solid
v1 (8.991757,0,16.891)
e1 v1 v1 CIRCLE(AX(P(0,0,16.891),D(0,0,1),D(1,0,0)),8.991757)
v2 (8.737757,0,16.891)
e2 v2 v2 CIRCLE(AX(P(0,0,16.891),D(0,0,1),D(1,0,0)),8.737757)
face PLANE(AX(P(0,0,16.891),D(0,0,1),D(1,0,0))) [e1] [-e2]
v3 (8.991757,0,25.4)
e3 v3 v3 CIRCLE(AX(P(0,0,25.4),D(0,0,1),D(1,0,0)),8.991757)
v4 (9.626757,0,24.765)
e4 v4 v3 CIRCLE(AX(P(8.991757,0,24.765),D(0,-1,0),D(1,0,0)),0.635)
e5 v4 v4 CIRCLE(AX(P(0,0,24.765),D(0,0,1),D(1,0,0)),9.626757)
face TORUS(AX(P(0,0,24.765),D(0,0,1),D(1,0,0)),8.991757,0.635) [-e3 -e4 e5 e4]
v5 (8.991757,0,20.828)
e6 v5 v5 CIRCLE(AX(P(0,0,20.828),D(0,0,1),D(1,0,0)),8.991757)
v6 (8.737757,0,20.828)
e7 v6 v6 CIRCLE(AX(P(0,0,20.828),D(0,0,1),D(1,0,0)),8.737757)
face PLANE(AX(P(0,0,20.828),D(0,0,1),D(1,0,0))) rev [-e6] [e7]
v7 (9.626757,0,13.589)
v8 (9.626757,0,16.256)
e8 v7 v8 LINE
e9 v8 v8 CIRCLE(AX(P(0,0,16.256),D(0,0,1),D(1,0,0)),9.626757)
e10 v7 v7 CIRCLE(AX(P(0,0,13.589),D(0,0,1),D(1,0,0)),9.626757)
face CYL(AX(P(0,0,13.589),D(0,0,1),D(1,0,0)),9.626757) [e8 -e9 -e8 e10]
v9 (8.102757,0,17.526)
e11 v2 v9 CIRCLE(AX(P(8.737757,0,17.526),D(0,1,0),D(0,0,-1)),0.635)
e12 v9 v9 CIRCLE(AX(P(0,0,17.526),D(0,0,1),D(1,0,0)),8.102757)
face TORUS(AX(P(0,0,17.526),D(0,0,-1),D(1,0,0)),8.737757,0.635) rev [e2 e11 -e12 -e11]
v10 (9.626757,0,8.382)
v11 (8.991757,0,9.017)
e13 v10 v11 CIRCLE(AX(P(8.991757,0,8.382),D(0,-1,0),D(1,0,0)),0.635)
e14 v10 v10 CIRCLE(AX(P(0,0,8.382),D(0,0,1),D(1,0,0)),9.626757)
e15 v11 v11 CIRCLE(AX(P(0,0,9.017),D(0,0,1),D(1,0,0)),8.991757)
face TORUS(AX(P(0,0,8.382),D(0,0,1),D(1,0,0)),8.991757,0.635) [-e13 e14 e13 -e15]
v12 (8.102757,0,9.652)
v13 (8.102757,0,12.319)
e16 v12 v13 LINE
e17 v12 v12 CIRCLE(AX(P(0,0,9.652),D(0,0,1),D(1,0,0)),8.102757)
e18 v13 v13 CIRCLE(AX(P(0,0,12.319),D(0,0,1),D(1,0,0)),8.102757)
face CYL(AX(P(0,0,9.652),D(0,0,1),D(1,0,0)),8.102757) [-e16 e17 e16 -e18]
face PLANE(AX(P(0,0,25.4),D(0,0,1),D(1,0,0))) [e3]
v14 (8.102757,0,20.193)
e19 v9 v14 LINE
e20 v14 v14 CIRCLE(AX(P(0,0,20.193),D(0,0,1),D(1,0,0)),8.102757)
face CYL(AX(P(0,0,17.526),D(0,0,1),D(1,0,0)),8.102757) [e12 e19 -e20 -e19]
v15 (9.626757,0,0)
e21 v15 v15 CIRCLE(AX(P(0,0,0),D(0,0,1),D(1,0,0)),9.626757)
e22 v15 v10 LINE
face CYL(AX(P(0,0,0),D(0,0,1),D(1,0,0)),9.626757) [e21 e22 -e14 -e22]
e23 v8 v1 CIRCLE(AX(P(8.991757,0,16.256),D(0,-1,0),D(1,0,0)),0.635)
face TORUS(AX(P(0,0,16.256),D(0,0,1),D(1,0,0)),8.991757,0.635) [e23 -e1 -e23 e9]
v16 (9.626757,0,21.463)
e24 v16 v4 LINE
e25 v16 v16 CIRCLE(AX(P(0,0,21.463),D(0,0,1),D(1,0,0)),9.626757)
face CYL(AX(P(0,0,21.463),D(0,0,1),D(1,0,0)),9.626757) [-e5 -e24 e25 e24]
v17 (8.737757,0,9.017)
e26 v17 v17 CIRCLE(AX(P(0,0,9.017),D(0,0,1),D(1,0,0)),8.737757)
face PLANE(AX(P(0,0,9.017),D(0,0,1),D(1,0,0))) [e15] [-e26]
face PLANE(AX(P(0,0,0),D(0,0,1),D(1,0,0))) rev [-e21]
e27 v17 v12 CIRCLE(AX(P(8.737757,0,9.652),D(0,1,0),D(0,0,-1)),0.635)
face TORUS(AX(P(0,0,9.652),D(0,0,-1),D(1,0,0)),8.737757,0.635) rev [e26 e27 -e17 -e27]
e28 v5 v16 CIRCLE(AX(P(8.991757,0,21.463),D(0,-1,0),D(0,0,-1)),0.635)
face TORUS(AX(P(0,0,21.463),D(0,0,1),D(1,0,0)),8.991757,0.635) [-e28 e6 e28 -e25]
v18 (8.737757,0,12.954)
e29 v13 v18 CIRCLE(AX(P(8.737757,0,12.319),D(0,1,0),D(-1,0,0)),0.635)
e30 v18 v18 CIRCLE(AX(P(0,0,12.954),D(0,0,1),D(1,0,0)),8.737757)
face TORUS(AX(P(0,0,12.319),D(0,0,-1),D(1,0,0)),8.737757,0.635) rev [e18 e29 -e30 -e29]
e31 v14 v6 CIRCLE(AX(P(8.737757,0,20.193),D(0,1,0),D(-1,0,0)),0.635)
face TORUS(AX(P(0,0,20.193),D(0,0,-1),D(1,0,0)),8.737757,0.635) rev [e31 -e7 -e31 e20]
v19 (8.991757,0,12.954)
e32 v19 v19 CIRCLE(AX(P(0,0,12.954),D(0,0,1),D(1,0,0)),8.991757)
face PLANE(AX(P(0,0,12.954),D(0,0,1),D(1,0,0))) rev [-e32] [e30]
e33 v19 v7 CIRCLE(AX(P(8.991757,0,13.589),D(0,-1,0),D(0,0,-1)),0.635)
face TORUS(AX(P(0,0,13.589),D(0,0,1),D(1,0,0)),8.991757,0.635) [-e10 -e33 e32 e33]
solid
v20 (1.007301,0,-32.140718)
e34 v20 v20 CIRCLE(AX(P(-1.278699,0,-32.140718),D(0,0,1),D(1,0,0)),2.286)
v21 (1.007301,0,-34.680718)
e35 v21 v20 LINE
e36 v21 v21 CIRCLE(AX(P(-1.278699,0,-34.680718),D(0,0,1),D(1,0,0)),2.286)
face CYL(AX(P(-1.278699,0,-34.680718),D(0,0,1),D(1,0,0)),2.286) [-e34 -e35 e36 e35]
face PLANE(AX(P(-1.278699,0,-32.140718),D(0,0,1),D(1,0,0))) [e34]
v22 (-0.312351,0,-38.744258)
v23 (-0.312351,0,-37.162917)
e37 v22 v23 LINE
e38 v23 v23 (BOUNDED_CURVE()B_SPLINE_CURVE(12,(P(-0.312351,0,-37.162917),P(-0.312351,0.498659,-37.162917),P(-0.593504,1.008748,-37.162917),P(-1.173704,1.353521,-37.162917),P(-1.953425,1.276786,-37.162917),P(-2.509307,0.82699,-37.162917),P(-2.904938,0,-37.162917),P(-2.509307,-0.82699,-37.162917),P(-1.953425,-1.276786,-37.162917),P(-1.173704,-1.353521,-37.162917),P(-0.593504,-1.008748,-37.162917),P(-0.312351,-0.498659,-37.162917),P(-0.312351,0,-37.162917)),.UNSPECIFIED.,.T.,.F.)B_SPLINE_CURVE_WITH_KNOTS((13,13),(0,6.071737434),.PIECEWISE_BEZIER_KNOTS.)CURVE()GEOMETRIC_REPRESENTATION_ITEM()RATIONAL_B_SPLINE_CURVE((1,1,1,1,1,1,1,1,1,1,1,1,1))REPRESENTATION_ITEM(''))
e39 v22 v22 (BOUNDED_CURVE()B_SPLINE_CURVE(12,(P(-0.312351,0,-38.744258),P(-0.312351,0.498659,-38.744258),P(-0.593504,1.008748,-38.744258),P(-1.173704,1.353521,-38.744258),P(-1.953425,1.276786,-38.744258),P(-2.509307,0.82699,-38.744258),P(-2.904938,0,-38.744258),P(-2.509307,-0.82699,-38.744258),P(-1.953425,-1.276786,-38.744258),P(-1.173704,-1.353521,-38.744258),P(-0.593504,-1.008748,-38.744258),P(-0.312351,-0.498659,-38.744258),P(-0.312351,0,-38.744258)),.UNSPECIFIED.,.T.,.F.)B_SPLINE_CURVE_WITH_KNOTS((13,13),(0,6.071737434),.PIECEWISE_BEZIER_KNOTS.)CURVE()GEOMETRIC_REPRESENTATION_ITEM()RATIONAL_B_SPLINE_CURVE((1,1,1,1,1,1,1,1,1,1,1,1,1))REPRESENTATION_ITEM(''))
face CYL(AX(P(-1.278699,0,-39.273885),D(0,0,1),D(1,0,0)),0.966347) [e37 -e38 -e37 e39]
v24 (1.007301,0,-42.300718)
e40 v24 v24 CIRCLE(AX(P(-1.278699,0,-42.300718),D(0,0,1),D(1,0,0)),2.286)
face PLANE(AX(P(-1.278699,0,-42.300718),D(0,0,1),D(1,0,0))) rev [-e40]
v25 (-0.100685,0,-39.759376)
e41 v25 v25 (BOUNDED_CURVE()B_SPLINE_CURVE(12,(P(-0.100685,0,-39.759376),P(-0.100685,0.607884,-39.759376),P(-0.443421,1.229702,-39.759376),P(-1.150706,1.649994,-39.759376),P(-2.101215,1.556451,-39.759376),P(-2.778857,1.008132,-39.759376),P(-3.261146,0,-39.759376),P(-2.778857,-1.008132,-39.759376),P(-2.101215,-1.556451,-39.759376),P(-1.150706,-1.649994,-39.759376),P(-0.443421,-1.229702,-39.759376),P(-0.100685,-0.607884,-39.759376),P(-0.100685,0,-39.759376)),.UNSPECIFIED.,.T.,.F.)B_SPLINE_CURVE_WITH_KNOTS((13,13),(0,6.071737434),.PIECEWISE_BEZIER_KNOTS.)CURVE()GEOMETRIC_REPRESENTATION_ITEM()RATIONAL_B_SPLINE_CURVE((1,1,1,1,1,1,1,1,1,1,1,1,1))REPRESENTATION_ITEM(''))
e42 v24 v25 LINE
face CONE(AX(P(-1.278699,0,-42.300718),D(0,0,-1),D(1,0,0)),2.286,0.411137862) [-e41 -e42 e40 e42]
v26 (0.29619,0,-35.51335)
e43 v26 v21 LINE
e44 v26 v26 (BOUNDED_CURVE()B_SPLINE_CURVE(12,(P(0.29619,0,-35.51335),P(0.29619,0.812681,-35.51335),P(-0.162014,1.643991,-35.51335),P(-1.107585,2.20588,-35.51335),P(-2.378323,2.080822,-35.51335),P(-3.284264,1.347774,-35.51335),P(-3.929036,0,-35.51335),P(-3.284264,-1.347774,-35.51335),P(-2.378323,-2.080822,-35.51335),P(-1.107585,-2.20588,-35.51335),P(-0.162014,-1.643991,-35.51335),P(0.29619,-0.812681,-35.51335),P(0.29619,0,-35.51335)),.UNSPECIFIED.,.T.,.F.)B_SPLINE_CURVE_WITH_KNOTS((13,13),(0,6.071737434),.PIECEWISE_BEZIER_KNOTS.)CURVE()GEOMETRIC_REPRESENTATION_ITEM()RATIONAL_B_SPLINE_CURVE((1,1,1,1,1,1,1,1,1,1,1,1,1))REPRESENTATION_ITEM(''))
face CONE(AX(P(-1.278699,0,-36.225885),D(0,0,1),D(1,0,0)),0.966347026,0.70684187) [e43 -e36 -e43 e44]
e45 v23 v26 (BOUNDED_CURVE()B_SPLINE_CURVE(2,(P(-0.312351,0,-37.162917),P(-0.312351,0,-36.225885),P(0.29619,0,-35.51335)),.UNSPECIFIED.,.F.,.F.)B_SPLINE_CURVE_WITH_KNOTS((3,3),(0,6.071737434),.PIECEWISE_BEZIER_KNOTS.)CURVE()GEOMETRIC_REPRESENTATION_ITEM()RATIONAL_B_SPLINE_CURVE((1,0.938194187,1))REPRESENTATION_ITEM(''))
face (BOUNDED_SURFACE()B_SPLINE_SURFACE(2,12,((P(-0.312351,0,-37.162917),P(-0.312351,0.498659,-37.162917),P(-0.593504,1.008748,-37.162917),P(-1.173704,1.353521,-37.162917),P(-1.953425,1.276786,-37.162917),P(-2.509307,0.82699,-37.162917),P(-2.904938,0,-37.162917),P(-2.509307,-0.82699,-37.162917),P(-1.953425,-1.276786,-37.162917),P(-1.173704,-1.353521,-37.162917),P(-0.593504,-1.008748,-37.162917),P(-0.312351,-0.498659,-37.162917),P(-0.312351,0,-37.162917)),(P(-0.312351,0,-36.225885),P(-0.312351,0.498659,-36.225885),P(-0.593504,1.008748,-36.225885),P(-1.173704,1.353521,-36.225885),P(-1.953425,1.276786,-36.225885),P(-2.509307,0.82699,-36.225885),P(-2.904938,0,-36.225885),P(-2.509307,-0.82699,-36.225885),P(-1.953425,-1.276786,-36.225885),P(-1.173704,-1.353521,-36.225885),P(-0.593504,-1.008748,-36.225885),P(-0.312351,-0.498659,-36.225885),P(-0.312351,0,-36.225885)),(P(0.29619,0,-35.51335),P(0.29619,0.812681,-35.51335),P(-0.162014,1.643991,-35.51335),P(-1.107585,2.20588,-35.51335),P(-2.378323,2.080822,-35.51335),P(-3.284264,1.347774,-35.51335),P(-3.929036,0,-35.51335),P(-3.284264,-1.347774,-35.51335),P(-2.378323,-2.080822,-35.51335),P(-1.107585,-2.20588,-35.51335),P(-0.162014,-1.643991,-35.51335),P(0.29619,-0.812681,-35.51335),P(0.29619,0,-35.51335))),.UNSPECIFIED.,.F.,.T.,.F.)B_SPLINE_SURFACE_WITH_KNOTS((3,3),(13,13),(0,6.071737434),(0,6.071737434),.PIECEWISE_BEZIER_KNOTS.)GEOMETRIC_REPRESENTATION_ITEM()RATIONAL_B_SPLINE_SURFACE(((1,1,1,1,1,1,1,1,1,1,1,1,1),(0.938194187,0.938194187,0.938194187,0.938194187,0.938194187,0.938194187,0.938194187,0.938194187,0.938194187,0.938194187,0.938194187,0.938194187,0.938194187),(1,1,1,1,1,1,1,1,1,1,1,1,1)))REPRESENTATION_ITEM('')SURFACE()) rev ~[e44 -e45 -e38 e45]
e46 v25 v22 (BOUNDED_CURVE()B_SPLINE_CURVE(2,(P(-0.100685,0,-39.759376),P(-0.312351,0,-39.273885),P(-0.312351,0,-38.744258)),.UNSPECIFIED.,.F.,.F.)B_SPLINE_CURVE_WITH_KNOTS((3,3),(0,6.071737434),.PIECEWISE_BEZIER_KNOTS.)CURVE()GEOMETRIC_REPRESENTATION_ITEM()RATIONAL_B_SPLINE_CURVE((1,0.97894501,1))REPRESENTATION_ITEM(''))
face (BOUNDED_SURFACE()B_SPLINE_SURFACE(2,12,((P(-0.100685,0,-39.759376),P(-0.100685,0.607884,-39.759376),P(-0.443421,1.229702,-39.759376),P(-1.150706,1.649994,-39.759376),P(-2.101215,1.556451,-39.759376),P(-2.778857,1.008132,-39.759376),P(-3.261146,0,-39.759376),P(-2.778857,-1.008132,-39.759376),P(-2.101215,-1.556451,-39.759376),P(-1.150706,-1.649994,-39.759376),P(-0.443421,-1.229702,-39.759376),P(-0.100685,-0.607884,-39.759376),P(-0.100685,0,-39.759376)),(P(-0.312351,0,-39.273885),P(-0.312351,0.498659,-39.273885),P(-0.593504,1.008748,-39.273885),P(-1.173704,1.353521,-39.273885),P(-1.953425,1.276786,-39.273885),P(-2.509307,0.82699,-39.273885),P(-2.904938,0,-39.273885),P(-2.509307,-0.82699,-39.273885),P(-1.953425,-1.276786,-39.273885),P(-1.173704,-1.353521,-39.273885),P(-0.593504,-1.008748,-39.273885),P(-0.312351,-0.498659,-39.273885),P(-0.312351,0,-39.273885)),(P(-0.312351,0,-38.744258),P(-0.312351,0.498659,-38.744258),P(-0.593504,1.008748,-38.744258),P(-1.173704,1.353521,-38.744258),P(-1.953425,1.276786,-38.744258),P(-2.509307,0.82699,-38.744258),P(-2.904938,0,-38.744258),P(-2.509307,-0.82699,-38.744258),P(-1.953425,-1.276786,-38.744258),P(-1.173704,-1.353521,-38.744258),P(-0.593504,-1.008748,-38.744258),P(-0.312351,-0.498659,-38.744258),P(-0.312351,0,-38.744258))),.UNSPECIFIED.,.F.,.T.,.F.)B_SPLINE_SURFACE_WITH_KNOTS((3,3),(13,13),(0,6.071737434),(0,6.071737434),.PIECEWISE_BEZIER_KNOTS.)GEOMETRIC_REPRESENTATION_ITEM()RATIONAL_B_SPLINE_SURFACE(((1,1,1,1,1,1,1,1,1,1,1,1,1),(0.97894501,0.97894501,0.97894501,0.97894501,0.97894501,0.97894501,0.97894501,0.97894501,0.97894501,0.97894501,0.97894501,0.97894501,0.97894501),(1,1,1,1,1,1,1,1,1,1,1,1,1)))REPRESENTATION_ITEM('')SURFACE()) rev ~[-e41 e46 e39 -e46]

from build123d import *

# Parameters (mm, degrees)
F4_R = 2.54


with BuildPart() as f1:
    # F0 (on Front) → F1 (revolve)
    with BuildSketch(Plane.XZ):
        with BuildLine():
            Line((0, 25.4), (0, 0))
            Line((0, 0), (9.6267571212, 0))
            Line((9.6267571212, 0), (9.6267571212, 8.382))
            ThreePointArc((9.6267571212, 8.382), (9.4407699273, 8.8310128061), (8.9917571212, 9.017))
            Line((8.9917571212, 9.017), (8.7377571212, 9.017))
            ThreePointArc((8.7377571212, 9.017), (8.2887443152, 9.2029871939), (8.1027571212, 9.652))
            Line((8.1027571212, 9.652), (8.1027571212, 12.319))
            ThreePointArc((8.1027571212, 12.319), (8.2887443152, 12.7680128061), (8.7377571212, 12.954))
            Line((8.7377571212, 12.954), (8.9917571212, 12.954))
            ThreePointArc((8.9917571212, 12.954), (9.4407699273, 13.1399871939), (9.6267571212, 13.589))
            Line((9.6267571212, 13.589), (9.6267571212, 16.256))
            ThreePointArc((9.6267571212, 16.256), (9.4407699273, 16.7050128061), (8.9917571212, 16.891))
            Line((8.9917571212, 16.891), (8.7377571212, 16.891))
            ThreePointArc((8.7377571212, 16.891), (8.2887443152, 17.0769871939), (8.1027571212, 17.526))
            Line((8.1027571212, 17.526), (8.1027571212, 20.193))
            ThreePointArc((8.1027571212, 20.193), (8.2887443152, 20.6420128061), (8.7377571212, 20.828))
            Line((8.7377571212, 20.828), (8.9917571212, 20.828))
            ThreePointArc((8.9917571212, 20.828), (9.4407699273, 21.0139871939), (9.6267571212, 21.463))
            Line((9.6267571212, 21.463), (9.6267571212, 24.765))
            ThreePointArc((9.6267571212, 24.765), (9.4407699273, 25.2140128061), (8.9917571212, 25.4))
            Line((8.9917571212, 25.4), (0, 25.4))
        make_face()
    revolve(axis=Axis((0, 0, 12.7), (0, 0, 1)))


with BuildPart() as f3:
    # F2 (on Front) → F3 (revolve)
    with BuildSketch(Plane.XZ):
        Polygon((1.0073014796, -32.1407181683), (-1.2786985204, -32.1407181683), (-1.2786985204, -42.3007181683), (1.0073014796, -42.3007181683), (-0.3123514946, -39.273884835), (-0.3123514946, -36.225884835), (1.0073014796, -34.6807181683), align=None)
    revolve(axis=Axis((-1.2786985204, 0, -37.2207181683), (0, 0, 1)))

    # F4
    f4_edges = [f3.edges().sort_by_distance(p)[0] for p in [
        (-2.245046, 0, -39.273885),
        (-2.245046, 0, -36.225885),
        (-0.312351, 0, -37.749885),
    ]]
    fillet(f4_edges, radius=F4_R)


solid = Compound([f1.part, f3.part])
